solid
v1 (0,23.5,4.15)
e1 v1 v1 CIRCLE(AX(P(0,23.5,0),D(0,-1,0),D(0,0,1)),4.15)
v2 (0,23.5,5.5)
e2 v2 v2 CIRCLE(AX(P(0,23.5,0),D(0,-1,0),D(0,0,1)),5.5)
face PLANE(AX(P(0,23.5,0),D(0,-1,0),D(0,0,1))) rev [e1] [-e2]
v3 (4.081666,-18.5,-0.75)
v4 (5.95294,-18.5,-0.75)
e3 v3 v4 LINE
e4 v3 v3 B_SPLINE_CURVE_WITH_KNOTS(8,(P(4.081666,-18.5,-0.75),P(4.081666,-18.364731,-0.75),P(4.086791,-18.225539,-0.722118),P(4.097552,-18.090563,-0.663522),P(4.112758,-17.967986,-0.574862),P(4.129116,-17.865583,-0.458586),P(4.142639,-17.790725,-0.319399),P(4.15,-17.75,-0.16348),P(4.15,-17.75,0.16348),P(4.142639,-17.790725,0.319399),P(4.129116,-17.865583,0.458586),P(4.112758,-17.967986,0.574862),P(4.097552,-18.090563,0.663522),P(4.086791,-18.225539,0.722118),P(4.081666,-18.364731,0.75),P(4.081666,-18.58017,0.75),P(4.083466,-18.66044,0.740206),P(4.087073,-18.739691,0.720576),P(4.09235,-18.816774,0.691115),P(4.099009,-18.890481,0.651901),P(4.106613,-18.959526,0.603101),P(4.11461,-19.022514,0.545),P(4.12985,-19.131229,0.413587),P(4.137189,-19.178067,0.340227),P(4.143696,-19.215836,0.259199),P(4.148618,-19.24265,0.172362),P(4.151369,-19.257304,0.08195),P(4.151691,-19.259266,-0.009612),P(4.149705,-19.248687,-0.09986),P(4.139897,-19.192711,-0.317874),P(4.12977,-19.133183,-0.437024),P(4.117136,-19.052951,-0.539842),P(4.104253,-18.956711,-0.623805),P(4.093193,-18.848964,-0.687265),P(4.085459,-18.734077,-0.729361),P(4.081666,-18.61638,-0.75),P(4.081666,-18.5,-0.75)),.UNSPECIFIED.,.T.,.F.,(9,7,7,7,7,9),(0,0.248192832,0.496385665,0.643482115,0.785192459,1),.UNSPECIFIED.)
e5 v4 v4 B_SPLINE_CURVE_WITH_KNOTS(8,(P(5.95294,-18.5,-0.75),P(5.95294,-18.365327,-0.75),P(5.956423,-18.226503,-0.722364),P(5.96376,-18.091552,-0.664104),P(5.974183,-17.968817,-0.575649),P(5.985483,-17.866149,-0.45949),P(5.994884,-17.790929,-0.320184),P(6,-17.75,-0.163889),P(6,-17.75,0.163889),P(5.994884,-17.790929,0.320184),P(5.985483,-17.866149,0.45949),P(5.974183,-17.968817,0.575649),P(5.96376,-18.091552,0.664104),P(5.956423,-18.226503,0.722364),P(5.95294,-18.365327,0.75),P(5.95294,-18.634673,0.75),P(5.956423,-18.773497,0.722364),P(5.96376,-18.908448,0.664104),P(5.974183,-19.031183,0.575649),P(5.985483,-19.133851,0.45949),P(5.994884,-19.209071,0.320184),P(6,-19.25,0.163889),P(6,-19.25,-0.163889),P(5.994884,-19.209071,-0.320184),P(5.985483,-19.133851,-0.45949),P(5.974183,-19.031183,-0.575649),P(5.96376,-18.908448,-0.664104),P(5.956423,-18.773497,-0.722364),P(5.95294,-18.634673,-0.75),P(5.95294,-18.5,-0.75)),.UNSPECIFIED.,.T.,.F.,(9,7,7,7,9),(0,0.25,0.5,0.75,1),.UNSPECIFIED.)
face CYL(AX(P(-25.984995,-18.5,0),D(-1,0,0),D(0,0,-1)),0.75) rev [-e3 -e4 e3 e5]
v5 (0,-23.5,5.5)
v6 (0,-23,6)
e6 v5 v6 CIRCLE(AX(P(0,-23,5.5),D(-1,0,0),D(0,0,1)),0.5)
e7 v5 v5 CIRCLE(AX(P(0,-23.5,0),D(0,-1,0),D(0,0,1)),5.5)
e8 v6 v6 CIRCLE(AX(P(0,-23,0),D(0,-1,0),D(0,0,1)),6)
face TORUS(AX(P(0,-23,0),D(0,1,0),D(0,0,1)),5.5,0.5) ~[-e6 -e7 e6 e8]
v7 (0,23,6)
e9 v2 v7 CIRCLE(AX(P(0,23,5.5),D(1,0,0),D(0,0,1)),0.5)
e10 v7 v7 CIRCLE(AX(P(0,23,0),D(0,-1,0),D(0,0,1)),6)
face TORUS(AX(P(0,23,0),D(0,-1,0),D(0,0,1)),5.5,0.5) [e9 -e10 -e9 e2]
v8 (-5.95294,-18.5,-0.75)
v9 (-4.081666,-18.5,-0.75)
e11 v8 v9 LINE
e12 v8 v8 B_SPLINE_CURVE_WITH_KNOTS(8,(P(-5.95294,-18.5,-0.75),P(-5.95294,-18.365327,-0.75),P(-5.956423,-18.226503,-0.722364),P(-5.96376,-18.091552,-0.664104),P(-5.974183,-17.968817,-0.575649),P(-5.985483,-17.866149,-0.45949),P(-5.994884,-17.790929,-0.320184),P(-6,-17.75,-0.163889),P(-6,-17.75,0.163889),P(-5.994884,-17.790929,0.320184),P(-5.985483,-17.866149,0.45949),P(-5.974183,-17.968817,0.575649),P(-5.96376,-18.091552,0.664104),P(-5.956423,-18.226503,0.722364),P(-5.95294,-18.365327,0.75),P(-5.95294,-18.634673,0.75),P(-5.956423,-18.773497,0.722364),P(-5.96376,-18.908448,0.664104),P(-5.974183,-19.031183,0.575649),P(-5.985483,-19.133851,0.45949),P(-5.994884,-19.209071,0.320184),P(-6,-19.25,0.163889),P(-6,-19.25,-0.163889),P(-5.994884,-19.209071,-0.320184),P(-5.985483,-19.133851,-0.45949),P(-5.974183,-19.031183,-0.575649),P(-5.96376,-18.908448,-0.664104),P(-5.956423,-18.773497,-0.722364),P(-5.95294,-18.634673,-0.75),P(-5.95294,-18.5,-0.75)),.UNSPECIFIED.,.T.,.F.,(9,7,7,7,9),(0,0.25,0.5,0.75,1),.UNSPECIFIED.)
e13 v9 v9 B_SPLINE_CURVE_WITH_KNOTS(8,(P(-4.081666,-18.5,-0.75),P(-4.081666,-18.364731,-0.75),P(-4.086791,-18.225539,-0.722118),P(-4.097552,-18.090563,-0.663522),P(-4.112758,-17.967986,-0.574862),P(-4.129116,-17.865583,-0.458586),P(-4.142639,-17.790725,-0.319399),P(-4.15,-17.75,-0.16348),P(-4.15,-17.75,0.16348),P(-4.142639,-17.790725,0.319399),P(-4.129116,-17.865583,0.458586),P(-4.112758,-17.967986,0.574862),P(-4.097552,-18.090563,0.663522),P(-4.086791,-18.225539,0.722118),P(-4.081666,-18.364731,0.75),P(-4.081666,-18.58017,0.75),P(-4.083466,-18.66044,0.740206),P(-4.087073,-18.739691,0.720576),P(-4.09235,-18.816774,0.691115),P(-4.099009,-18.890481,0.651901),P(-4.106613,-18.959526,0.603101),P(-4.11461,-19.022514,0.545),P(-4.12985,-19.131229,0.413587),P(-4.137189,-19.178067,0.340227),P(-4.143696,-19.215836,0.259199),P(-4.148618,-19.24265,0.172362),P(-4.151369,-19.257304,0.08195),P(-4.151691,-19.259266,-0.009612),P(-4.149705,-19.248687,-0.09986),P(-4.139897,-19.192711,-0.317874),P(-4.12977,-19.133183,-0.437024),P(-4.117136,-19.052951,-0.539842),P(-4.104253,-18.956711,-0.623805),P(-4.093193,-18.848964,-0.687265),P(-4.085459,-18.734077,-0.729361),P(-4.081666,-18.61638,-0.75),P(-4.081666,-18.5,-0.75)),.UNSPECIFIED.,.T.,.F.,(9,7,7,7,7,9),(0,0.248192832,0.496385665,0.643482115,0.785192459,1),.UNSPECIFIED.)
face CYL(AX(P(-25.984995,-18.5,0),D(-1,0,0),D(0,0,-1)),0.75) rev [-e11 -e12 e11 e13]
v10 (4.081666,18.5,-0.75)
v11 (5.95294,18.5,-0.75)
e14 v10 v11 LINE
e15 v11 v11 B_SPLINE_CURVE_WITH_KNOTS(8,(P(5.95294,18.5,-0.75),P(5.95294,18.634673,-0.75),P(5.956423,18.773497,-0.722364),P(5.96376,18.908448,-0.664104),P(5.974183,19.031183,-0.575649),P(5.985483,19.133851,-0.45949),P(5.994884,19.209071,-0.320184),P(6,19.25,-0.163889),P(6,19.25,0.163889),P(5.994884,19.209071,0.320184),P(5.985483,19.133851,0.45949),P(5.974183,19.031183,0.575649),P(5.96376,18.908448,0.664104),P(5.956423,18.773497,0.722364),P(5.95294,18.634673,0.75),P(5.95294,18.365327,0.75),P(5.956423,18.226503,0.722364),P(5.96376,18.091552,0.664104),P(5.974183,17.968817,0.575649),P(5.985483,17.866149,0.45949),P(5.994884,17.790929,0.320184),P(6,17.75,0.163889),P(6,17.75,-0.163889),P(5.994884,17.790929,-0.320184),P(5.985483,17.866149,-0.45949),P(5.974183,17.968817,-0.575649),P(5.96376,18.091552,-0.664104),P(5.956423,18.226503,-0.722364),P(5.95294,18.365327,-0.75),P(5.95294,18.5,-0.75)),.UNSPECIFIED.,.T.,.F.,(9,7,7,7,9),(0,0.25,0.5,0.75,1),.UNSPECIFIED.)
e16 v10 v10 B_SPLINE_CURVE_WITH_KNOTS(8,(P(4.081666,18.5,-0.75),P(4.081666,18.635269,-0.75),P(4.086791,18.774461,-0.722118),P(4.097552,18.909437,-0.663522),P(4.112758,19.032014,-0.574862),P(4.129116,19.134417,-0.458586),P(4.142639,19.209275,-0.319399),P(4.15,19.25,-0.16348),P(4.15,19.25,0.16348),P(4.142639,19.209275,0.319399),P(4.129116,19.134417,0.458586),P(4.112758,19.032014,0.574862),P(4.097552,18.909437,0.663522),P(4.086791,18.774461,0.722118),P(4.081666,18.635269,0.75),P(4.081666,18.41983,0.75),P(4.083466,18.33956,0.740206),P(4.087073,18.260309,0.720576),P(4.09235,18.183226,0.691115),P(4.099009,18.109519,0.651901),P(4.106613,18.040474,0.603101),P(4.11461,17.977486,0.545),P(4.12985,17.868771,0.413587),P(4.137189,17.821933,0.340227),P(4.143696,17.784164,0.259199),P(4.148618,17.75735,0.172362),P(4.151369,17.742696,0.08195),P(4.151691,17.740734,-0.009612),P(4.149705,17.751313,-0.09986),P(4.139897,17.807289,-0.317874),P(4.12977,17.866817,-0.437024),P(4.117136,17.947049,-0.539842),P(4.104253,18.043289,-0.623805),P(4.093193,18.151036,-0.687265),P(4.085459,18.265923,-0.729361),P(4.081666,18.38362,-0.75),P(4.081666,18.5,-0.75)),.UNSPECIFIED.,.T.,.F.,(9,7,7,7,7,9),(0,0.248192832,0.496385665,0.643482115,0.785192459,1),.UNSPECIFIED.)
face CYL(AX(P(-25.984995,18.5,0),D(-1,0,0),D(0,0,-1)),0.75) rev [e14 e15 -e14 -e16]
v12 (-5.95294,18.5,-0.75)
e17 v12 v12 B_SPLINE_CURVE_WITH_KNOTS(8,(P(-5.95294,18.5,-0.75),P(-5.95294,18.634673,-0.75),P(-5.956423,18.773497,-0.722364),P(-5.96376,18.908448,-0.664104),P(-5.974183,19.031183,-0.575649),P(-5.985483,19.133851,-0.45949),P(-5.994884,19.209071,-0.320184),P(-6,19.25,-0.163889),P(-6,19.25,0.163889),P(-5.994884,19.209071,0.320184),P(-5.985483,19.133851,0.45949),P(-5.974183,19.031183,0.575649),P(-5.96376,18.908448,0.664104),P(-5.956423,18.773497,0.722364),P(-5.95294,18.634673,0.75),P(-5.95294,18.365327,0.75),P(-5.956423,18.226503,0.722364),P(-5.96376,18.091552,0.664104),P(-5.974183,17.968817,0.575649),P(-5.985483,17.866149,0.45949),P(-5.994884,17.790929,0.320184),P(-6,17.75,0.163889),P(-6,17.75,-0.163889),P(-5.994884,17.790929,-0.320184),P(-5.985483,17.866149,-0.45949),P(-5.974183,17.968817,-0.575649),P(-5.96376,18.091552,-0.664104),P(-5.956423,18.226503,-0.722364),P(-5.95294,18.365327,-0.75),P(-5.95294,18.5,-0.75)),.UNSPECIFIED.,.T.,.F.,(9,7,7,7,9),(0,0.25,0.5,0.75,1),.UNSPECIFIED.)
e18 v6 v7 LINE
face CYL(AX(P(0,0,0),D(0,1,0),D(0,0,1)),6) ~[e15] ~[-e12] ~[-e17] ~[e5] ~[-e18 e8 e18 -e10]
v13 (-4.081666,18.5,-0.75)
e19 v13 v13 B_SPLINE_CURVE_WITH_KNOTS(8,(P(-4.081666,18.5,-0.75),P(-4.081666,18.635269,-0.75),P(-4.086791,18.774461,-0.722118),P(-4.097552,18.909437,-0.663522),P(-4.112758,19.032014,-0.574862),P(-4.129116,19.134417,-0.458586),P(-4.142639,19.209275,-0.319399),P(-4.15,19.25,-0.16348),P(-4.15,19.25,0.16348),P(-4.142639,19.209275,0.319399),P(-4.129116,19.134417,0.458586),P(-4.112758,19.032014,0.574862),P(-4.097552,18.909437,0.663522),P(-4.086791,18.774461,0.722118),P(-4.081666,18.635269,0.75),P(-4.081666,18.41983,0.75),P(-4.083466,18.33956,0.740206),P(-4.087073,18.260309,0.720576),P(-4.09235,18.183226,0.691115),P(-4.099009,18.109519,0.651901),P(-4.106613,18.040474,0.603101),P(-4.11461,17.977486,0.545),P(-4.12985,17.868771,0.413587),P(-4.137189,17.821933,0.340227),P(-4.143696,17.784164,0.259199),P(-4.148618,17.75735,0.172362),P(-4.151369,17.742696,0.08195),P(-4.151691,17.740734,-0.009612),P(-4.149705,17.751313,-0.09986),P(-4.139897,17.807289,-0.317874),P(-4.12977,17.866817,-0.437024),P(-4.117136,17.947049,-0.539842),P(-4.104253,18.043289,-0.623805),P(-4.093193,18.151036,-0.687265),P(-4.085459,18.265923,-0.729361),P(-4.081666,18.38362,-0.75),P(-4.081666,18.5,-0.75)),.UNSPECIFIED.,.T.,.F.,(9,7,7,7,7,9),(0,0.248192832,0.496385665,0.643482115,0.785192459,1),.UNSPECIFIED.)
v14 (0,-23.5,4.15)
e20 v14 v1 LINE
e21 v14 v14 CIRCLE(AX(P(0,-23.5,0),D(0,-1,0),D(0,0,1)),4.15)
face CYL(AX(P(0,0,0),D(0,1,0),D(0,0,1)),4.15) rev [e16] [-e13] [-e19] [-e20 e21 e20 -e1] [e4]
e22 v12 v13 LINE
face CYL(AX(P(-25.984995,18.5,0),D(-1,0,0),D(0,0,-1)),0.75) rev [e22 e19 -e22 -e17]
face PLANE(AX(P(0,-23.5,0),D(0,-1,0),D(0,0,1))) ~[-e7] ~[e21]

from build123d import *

# Parameters (mm, degrees)
SKETCH1_W               = 1.85
SKETCH1_H               = 47
CUT_EXTRUDE1_DEPTH      = 25.984995497
CUT_EXTRUDE1_DEPTH_BACK = 25.984995497
SKETCH2_R               = 0.75
FILLET1_R               = 0.5


with BuildPart() as part:
    # Sketch1 → Revolve1 (revolve)
    with BuildSketch(Plane(origin=(0, 0, 0), x_dir=(0, 0, -1), z_dir=(1, 0, 0)), mode=Mode.PRIVATE) as revolve1_sk:
        with Locations((5.075, 0)):
            Rectangle(SKETCH1_W, SKETCH1_H)
    revolve(revolve1_sk.sketch.rotate(Axis((0, 43.756475867, 0), (0, -1, 0)), 180), axis=Axis((0, 43.756475867, 0), (0, -1, 0)))

    # Sketch2 → Cut-Extrude1 (cut, two sides: drawn at the far end of the back side and taken through both)
    with BuildSketch(Plane(origin=(0, 0, 0), x_dir=(0, 0, -1), z_dir=(1, 0, 0)).offset(-CUT_EXTRUDE1_DEPTH_BACK)):
        with Locations((0, 18.5)):
            Circle(SKETCH2_R)
        with Locations((0, -18.5)):
            Circle(SKETCH2_R)
    extrude(amount=CUT_EXTRUDE1_DEPTH + CUT_EXTRUDE1_DEPTH_BACK, mode=Mode.SUBTRACT)

    # Fillet1
    fillet1_edges = [part.edges().sort_by_distance(p)[0] for p in [
        (0, -23.5, -6),
        (0, 23.5, -6),
    ]]
    fillet(fillet1_edges, radius=FILLET1_R)


solid = part.part
